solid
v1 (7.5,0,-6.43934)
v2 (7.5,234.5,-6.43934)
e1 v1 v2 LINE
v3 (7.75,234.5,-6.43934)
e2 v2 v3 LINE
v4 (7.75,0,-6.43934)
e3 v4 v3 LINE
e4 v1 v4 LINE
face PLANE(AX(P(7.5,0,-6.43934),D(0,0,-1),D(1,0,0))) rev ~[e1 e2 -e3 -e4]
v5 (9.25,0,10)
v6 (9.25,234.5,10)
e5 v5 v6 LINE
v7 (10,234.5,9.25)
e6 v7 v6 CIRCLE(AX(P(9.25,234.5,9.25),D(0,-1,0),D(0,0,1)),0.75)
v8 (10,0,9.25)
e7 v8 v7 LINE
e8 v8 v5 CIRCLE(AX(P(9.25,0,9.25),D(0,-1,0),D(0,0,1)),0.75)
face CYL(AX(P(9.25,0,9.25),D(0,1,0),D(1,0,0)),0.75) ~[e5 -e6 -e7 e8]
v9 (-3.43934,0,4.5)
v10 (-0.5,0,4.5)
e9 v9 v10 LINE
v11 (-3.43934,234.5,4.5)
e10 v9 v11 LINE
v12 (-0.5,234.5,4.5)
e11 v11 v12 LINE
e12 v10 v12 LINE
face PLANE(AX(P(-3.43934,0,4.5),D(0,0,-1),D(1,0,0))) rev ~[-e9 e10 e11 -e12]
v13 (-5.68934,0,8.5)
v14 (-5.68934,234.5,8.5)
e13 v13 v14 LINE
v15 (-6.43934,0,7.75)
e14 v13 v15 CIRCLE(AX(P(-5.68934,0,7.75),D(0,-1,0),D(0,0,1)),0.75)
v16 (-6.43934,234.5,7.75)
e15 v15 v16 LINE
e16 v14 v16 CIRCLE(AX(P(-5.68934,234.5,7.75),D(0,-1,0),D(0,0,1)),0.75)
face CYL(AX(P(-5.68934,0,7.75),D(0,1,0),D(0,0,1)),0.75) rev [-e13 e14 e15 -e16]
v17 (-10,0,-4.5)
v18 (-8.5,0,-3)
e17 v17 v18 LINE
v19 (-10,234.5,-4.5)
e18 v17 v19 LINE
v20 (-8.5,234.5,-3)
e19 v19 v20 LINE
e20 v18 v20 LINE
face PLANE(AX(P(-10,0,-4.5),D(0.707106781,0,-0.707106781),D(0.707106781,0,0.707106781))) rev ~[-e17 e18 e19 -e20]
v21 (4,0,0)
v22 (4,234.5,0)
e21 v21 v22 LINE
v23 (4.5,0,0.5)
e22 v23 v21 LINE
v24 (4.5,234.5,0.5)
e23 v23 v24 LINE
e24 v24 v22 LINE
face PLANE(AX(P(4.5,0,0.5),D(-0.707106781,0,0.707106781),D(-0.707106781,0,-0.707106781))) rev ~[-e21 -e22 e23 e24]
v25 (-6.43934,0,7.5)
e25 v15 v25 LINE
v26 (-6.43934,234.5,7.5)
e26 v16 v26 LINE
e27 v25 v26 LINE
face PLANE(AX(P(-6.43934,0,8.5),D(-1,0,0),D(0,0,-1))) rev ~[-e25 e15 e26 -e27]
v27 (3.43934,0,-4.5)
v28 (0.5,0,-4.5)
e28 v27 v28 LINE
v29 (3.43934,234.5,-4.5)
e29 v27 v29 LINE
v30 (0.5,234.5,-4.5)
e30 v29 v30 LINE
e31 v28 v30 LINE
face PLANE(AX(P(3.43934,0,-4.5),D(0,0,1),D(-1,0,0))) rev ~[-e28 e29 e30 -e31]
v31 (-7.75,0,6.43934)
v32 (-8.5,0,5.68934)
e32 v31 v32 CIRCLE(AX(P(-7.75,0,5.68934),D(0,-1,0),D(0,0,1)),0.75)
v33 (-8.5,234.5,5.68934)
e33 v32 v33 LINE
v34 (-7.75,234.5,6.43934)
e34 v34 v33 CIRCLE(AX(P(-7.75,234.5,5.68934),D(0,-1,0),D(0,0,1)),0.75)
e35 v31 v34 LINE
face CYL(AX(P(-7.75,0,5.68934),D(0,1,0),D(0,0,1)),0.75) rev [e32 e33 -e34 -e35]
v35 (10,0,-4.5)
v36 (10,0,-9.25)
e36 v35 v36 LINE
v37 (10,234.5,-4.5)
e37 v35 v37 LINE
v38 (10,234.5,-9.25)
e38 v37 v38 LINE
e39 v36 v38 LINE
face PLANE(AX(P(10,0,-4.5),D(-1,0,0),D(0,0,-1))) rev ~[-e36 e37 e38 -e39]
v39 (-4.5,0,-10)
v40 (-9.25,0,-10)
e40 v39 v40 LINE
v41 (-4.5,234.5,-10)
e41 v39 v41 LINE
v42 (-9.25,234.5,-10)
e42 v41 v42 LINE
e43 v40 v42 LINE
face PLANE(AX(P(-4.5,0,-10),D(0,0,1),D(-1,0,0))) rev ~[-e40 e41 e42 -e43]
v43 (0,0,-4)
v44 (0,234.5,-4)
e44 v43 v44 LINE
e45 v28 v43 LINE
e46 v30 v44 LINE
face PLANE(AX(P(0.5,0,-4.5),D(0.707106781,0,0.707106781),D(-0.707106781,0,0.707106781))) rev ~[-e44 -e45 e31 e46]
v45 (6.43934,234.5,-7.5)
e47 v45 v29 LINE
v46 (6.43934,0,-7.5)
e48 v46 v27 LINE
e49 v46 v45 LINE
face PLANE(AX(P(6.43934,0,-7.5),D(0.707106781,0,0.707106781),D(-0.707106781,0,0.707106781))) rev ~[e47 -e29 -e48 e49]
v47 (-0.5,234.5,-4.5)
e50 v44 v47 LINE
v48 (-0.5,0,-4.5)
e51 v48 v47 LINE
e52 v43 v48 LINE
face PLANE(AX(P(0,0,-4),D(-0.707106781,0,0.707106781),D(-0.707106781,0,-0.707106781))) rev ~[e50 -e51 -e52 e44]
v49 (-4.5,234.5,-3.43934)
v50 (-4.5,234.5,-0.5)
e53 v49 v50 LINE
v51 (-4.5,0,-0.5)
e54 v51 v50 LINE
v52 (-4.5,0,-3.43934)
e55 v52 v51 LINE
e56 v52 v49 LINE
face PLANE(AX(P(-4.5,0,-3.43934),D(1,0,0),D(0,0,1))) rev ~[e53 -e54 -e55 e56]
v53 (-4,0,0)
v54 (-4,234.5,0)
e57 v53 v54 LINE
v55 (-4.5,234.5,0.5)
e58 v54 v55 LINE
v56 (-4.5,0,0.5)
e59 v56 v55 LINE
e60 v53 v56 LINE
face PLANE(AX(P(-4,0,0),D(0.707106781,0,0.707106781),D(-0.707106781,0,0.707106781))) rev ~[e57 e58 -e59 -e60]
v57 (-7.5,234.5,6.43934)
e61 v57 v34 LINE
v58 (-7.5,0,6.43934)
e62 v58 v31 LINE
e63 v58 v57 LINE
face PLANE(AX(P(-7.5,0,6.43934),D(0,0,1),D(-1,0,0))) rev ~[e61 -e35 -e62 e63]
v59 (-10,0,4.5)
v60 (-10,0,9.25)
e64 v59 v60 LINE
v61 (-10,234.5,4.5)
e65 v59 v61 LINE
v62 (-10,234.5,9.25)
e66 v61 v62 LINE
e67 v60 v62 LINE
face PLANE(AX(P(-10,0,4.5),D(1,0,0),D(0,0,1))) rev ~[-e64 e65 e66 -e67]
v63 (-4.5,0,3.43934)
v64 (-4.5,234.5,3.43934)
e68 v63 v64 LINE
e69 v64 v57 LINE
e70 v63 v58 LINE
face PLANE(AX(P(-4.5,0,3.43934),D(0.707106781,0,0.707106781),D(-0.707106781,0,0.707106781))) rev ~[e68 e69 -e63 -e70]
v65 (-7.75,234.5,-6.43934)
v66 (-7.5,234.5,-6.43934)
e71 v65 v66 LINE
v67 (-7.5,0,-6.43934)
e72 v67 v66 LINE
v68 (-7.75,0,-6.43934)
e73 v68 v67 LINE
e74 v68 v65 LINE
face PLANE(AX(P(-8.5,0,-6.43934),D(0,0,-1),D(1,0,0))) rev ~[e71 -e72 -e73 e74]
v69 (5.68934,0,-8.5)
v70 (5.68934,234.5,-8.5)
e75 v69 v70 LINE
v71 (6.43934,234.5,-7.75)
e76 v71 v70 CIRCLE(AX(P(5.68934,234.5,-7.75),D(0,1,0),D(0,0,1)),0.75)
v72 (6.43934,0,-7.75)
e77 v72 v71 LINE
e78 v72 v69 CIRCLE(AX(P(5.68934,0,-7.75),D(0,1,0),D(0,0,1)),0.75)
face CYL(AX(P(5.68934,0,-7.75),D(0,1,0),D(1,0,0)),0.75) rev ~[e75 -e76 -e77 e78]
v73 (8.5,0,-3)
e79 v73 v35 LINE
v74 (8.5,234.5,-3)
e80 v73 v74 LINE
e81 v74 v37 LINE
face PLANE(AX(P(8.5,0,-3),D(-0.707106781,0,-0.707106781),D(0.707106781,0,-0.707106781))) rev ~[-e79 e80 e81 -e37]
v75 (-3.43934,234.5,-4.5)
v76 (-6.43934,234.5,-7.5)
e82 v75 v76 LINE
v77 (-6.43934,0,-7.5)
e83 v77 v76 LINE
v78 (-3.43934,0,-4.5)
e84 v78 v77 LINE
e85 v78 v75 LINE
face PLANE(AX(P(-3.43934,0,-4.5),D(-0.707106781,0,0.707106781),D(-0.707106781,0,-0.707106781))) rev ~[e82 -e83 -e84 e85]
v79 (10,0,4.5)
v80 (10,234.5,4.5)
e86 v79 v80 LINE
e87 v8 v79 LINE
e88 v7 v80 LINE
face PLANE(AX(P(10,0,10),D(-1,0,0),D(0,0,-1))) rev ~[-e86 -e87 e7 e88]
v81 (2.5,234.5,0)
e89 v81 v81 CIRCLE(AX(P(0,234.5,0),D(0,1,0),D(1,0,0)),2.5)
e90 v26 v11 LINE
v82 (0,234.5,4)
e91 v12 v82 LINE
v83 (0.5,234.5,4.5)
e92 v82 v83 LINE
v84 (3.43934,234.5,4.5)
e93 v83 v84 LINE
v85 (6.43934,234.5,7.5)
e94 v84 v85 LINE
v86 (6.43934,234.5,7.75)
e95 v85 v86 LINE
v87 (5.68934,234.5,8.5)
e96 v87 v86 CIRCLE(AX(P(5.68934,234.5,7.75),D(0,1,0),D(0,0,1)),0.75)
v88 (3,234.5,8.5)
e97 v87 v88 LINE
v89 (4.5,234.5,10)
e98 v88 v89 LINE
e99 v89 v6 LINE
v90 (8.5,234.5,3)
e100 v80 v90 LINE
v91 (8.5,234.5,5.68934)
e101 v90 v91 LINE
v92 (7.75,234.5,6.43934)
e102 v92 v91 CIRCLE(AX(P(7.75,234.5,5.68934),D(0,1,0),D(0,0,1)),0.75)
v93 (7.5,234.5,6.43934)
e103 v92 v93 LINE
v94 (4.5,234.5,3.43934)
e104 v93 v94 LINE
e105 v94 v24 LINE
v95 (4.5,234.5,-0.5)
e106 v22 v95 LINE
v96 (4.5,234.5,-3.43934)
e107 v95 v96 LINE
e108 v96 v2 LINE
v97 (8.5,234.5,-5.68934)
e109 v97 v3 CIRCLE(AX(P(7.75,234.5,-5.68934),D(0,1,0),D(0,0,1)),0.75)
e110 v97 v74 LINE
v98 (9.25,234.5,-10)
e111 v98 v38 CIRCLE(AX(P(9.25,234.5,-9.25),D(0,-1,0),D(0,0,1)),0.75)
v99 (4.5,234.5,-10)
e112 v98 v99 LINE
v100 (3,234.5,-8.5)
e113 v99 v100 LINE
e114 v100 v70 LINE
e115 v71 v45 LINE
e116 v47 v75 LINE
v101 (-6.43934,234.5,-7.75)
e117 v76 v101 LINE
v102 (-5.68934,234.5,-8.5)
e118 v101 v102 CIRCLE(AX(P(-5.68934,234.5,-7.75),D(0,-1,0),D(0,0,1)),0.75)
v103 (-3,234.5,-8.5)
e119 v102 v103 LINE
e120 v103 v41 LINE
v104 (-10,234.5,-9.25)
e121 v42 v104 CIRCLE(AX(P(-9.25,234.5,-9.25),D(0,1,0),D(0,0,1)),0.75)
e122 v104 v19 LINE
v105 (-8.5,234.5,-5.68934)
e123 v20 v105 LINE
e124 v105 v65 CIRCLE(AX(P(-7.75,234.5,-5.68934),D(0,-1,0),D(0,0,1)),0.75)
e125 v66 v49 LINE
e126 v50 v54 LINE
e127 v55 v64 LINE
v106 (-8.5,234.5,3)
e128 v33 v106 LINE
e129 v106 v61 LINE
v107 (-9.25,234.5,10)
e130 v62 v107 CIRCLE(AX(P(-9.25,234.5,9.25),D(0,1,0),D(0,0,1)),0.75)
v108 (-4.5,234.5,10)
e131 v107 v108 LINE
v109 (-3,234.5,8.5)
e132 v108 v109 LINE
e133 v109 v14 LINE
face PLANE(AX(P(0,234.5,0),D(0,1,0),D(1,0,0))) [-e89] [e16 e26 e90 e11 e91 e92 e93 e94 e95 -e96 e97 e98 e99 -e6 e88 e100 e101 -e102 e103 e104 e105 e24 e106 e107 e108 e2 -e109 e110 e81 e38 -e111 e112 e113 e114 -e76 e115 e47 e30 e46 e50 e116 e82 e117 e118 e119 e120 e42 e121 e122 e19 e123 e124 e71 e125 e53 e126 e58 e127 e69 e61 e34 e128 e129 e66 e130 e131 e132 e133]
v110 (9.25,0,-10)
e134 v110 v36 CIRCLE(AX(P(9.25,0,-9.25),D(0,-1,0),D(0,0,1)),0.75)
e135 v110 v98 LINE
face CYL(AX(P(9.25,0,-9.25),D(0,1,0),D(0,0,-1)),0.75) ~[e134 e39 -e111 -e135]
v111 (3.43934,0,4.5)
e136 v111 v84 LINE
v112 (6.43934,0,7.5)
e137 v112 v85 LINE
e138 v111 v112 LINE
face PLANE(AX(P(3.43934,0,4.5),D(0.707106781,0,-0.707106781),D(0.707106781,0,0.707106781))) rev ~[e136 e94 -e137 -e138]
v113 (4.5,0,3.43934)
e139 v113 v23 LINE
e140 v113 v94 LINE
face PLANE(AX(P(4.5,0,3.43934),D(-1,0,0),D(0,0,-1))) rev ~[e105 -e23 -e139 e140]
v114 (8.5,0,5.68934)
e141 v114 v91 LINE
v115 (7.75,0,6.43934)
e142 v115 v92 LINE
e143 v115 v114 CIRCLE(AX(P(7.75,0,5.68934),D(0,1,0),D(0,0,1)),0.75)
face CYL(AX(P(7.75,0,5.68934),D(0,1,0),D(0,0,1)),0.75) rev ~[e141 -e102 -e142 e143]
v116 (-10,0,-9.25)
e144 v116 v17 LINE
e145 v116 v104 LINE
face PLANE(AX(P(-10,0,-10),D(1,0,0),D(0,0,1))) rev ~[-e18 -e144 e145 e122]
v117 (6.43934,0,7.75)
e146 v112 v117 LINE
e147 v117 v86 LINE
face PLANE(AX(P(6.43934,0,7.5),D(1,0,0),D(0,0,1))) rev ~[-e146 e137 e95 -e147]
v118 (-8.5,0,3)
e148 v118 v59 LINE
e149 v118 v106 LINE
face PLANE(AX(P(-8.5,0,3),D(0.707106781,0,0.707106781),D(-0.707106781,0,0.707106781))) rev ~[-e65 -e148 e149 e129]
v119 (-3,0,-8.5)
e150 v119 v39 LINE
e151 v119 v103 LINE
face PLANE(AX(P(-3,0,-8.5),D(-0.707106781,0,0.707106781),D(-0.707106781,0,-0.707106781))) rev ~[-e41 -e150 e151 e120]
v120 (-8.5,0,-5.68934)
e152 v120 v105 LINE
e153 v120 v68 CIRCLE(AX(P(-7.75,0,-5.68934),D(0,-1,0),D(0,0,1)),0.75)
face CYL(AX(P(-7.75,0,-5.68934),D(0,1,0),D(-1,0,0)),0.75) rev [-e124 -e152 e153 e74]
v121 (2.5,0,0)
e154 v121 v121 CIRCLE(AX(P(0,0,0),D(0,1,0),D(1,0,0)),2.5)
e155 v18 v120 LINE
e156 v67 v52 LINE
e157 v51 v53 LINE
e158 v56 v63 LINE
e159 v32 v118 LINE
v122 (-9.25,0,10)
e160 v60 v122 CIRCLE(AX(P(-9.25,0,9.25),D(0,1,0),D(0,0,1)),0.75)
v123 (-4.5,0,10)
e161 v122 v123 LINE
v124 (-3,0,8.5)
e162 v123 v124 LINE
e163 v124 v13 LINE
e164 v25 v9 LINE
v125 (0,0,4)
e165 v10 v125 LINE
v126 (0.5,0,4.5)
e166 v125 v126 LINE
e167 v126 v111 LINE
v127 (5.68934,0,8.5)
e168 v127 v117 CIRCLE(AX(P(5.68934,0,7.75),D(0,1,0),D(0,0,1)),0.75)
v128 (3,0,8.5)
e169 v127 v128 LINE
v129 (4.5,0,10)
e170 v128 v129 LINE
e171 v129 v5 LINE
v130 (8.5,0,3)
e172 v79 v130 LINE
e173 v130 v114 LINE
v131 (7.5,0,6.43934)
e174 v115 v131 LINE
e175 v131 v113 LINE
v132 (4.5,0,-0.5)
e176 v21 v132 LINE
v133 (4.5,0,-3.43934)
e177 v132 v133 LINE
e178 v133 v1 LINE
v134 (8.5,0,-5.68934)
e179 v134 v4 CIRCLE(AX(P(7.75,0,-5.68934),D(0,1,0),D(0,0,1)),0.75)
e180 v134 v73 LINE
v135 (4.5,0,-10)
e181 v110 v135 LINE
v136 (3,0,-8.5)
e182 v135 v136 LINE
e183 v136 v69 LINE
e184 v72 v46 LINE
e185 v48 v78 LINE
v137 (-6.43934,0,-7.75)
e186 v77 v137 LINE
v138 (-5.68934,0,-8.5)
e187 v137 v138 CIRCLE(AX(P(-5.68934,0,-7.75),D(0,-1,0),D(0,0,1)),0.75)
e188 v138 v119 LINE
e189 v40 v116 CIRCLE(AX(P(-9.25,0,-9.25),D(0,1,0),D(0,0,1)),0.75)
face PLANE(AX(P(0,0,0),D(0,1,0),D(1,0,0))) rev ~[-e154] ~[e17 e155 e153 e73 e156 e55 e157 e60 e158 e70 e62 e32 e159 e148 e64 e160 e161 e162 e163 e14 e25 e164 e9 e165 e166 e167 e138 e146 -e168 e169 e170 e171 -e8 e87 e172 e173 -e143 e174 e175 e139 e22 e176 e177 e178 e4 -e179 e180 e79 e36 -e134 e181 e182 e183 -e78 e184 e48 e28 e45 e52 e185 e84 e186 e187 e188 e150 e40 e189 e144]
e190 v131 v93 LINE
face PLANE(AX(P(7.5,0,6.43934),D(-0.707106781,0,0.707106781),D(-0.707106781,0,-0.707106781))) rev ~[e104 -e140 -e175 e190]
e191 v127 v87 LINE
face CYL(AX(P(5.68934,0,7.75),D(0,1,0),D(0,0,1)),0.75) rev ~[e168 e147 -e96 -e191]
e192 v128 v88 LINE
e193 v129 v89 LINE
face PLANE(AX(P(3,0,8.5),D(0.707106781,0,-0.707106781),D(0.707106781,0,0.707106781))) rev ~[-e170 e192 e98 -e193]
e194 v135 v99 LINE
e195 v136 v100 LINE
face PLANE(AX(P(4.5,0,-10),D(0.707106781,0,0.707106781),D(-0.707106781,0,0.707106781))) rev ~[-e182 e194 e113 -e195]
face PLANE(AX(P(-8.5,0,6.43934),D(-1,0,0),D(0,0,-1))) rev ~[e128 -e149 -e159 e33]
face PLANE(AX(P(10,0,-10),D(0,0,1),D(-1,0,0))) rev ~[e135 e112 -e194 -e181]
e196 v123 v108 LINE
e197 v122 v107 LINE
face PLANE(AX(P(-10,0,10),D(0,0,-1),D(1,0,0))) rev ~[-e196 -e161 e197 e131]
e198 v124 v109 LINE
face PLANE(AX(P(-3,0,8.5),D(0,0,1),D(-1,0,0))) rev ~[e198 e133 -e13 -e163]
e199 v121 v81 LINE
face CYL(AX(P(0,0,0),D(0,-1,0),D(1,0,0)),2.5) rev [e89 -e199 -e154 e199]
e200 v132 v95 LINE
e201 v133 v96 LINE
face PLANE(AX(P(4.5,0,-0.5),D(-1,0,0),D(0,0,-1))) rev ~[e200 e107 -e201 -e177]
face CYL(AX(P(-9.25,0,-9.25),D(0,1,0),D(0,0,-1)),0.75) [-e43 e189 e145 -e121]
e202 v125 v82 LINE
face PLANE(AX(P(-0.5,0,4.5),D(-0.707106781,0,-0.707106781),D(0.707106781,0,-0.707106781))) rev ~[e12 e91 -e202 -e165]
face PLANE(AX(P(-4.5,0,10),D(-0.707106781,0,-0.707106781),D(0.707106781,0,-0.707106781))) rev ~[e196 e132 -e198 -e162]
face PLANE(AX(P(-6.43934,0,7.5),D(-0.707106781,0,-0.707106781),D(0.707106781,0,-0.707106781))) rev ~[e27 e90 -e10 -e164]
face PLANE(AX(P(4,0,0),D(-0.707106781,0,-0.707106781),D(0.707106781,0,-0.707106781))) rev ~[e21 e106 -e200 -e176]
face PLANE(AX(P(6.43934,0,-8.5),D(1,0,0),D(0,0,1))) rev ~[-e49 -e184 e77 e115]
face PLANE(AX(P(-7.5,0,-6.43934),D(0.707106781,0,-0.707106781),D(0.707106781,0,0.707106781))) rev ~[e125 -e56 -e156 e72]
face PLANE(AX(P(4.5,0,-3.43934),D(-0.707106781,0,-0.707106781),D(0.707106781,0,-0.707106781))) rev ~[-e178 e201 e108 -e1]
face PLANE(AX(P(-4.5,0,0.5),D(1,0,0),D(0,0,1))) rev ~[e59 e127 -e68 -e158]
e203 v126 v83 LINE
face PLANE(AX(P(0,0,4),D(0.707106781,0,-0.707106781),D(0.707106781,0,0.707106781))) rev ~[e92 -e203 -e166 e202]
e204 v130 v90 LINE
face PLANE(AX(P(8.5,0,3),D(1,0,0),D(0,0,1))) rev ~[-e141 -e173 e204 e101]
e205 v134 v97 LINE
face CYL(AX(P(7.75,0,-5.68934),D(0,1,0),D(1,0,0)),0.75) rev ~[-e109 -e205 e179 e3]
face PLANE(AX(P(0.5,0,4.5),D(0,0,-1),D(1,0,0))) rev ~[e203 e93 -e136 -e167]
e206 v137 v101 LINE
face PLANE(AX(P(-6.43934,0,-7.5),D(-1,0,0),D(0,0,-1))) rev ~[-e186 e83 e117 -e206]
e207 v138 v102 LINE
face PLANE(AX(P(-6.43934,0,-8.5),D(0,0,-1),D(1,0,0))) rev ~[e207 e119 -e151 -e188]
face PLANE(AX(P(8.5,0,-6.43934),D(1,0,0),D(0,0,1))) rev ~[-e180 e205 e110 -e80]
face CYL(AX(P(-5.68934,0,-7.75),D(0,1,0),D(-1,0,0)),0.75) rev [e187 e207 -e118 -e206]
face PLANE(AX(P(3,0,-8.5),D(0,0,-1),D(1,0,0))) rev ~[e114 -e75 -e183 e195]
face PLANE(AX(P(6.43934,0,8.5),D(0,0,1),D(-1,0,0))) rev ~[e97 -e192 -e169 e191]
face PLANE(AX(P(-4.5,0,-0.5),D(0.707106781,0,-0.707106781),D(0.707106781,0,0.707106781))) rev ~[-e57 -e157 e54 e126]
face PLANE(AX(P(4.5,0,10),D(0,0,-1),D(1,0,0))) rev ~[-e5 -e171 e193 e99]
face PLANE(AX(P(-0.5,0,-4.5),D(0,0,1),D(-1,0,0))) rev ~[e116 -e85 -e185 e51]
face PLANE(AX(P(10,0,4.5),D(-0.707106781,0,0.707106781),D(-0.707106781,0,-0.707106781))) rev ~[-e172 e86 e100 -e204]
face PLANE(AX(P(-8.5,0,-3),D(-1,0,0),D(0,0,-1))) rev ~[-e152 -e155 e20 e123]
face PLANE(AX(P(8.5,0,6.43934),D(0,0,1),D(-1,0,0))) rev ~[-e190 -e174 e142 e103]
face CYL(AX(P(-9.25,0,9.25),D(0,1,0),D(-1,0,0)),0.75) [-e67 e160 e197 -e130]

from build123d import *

# Parameters (mm, degrees)
ESQUISSE1_R      = 2.5
EXTRUSION1_DEPTH = 234.5
CONG_1_R         = 0.75


with BuildPart() as part:
    # Esquisse1 → Extrusion1 (new body)
    with BuildSketch(Plane(origin=(0, 0, 0), x_dir=(1, 0, 0), z_dir=(0, 1, 0))):
        Polygon((0, 4), (-0.5, 4.5), (-3.439339828, 4.5), (-6.439339828, 7.5), (-6.439339828, 8.5), (-3, 8.5), (-4.5, 10), (-10, 10), (-10, 4.5), (-8.5, 3), (-8.5, 6.439339828), (-7.5, 6.439339828), (-4.5, 3.439339828), (-4.5, 0.5), (-4, 0), (-4.5, -0.5), (-4.5, -3.439339828), (-7.5, -6.439339828), (-8.5, -6.439339828), (-8.5, -3), (-10, -4.5), (-10, -10), (-4.5, -10), (-3, -8.5), (-6.439339828, -8.5), (-6.439339828, -7.5), (-3.439339828, -4.5), (-0.5, -4.5), (0, -4), (0.5, -4.5), (3.439339828, -4.5), (6.439339828, -7.5), (6.439339828, -8.5), (3, -8.5), (4.5, -10), (10, -10), (10, -4.5), (8.5, -3), (8.5, -6.439339828), (7.5, -6.439339828), (4.5, -3.439339828), (4.5, -0.5), (4, 0), (4.5, 0.5), (4.5, 3.439339828), (7.5, 6.439339828), (8.5, 6.439339828), (8.5, 3), (10, 4.5), (10, 10), (4.5, 10), (3, 8.5), (6.439339828, 8.5), (6.439339828, 7.5), (3.439339828, 4.5), (0.5, 4.5), align=None)
        Circle(ESQUISSE1_R, mode=Mode.SUBTRACT)
    extrude(amount=EXTRUSION1_DEPTH)

    # Congé1
    cong_1_edges = [part.edges().sort_by_distance(p)[0] for p in [
        (6.439339828, 117.25, -8.5),
        (10, 117.25, -10),
        (8.5, 117.25, -6.439339828),
        (8.5, 117.25, 6.439339828),
        (10, 117.25, 10),
        (6.439339828, 117.25, 8.5),
        (-6.439339828, 117.25, 8.5),
        (-10, 117.25, 10),
        (-8.5, 117.25, 6.439339828),
        (-8.5, 117.25, -6.439339828),
        (-10, 117.25, -10),
        (-6.439339828, 117.25, -8.5),
    ]]
    fillet(cong_1_edges, radius=CONG_1_R)


solid = part.part
